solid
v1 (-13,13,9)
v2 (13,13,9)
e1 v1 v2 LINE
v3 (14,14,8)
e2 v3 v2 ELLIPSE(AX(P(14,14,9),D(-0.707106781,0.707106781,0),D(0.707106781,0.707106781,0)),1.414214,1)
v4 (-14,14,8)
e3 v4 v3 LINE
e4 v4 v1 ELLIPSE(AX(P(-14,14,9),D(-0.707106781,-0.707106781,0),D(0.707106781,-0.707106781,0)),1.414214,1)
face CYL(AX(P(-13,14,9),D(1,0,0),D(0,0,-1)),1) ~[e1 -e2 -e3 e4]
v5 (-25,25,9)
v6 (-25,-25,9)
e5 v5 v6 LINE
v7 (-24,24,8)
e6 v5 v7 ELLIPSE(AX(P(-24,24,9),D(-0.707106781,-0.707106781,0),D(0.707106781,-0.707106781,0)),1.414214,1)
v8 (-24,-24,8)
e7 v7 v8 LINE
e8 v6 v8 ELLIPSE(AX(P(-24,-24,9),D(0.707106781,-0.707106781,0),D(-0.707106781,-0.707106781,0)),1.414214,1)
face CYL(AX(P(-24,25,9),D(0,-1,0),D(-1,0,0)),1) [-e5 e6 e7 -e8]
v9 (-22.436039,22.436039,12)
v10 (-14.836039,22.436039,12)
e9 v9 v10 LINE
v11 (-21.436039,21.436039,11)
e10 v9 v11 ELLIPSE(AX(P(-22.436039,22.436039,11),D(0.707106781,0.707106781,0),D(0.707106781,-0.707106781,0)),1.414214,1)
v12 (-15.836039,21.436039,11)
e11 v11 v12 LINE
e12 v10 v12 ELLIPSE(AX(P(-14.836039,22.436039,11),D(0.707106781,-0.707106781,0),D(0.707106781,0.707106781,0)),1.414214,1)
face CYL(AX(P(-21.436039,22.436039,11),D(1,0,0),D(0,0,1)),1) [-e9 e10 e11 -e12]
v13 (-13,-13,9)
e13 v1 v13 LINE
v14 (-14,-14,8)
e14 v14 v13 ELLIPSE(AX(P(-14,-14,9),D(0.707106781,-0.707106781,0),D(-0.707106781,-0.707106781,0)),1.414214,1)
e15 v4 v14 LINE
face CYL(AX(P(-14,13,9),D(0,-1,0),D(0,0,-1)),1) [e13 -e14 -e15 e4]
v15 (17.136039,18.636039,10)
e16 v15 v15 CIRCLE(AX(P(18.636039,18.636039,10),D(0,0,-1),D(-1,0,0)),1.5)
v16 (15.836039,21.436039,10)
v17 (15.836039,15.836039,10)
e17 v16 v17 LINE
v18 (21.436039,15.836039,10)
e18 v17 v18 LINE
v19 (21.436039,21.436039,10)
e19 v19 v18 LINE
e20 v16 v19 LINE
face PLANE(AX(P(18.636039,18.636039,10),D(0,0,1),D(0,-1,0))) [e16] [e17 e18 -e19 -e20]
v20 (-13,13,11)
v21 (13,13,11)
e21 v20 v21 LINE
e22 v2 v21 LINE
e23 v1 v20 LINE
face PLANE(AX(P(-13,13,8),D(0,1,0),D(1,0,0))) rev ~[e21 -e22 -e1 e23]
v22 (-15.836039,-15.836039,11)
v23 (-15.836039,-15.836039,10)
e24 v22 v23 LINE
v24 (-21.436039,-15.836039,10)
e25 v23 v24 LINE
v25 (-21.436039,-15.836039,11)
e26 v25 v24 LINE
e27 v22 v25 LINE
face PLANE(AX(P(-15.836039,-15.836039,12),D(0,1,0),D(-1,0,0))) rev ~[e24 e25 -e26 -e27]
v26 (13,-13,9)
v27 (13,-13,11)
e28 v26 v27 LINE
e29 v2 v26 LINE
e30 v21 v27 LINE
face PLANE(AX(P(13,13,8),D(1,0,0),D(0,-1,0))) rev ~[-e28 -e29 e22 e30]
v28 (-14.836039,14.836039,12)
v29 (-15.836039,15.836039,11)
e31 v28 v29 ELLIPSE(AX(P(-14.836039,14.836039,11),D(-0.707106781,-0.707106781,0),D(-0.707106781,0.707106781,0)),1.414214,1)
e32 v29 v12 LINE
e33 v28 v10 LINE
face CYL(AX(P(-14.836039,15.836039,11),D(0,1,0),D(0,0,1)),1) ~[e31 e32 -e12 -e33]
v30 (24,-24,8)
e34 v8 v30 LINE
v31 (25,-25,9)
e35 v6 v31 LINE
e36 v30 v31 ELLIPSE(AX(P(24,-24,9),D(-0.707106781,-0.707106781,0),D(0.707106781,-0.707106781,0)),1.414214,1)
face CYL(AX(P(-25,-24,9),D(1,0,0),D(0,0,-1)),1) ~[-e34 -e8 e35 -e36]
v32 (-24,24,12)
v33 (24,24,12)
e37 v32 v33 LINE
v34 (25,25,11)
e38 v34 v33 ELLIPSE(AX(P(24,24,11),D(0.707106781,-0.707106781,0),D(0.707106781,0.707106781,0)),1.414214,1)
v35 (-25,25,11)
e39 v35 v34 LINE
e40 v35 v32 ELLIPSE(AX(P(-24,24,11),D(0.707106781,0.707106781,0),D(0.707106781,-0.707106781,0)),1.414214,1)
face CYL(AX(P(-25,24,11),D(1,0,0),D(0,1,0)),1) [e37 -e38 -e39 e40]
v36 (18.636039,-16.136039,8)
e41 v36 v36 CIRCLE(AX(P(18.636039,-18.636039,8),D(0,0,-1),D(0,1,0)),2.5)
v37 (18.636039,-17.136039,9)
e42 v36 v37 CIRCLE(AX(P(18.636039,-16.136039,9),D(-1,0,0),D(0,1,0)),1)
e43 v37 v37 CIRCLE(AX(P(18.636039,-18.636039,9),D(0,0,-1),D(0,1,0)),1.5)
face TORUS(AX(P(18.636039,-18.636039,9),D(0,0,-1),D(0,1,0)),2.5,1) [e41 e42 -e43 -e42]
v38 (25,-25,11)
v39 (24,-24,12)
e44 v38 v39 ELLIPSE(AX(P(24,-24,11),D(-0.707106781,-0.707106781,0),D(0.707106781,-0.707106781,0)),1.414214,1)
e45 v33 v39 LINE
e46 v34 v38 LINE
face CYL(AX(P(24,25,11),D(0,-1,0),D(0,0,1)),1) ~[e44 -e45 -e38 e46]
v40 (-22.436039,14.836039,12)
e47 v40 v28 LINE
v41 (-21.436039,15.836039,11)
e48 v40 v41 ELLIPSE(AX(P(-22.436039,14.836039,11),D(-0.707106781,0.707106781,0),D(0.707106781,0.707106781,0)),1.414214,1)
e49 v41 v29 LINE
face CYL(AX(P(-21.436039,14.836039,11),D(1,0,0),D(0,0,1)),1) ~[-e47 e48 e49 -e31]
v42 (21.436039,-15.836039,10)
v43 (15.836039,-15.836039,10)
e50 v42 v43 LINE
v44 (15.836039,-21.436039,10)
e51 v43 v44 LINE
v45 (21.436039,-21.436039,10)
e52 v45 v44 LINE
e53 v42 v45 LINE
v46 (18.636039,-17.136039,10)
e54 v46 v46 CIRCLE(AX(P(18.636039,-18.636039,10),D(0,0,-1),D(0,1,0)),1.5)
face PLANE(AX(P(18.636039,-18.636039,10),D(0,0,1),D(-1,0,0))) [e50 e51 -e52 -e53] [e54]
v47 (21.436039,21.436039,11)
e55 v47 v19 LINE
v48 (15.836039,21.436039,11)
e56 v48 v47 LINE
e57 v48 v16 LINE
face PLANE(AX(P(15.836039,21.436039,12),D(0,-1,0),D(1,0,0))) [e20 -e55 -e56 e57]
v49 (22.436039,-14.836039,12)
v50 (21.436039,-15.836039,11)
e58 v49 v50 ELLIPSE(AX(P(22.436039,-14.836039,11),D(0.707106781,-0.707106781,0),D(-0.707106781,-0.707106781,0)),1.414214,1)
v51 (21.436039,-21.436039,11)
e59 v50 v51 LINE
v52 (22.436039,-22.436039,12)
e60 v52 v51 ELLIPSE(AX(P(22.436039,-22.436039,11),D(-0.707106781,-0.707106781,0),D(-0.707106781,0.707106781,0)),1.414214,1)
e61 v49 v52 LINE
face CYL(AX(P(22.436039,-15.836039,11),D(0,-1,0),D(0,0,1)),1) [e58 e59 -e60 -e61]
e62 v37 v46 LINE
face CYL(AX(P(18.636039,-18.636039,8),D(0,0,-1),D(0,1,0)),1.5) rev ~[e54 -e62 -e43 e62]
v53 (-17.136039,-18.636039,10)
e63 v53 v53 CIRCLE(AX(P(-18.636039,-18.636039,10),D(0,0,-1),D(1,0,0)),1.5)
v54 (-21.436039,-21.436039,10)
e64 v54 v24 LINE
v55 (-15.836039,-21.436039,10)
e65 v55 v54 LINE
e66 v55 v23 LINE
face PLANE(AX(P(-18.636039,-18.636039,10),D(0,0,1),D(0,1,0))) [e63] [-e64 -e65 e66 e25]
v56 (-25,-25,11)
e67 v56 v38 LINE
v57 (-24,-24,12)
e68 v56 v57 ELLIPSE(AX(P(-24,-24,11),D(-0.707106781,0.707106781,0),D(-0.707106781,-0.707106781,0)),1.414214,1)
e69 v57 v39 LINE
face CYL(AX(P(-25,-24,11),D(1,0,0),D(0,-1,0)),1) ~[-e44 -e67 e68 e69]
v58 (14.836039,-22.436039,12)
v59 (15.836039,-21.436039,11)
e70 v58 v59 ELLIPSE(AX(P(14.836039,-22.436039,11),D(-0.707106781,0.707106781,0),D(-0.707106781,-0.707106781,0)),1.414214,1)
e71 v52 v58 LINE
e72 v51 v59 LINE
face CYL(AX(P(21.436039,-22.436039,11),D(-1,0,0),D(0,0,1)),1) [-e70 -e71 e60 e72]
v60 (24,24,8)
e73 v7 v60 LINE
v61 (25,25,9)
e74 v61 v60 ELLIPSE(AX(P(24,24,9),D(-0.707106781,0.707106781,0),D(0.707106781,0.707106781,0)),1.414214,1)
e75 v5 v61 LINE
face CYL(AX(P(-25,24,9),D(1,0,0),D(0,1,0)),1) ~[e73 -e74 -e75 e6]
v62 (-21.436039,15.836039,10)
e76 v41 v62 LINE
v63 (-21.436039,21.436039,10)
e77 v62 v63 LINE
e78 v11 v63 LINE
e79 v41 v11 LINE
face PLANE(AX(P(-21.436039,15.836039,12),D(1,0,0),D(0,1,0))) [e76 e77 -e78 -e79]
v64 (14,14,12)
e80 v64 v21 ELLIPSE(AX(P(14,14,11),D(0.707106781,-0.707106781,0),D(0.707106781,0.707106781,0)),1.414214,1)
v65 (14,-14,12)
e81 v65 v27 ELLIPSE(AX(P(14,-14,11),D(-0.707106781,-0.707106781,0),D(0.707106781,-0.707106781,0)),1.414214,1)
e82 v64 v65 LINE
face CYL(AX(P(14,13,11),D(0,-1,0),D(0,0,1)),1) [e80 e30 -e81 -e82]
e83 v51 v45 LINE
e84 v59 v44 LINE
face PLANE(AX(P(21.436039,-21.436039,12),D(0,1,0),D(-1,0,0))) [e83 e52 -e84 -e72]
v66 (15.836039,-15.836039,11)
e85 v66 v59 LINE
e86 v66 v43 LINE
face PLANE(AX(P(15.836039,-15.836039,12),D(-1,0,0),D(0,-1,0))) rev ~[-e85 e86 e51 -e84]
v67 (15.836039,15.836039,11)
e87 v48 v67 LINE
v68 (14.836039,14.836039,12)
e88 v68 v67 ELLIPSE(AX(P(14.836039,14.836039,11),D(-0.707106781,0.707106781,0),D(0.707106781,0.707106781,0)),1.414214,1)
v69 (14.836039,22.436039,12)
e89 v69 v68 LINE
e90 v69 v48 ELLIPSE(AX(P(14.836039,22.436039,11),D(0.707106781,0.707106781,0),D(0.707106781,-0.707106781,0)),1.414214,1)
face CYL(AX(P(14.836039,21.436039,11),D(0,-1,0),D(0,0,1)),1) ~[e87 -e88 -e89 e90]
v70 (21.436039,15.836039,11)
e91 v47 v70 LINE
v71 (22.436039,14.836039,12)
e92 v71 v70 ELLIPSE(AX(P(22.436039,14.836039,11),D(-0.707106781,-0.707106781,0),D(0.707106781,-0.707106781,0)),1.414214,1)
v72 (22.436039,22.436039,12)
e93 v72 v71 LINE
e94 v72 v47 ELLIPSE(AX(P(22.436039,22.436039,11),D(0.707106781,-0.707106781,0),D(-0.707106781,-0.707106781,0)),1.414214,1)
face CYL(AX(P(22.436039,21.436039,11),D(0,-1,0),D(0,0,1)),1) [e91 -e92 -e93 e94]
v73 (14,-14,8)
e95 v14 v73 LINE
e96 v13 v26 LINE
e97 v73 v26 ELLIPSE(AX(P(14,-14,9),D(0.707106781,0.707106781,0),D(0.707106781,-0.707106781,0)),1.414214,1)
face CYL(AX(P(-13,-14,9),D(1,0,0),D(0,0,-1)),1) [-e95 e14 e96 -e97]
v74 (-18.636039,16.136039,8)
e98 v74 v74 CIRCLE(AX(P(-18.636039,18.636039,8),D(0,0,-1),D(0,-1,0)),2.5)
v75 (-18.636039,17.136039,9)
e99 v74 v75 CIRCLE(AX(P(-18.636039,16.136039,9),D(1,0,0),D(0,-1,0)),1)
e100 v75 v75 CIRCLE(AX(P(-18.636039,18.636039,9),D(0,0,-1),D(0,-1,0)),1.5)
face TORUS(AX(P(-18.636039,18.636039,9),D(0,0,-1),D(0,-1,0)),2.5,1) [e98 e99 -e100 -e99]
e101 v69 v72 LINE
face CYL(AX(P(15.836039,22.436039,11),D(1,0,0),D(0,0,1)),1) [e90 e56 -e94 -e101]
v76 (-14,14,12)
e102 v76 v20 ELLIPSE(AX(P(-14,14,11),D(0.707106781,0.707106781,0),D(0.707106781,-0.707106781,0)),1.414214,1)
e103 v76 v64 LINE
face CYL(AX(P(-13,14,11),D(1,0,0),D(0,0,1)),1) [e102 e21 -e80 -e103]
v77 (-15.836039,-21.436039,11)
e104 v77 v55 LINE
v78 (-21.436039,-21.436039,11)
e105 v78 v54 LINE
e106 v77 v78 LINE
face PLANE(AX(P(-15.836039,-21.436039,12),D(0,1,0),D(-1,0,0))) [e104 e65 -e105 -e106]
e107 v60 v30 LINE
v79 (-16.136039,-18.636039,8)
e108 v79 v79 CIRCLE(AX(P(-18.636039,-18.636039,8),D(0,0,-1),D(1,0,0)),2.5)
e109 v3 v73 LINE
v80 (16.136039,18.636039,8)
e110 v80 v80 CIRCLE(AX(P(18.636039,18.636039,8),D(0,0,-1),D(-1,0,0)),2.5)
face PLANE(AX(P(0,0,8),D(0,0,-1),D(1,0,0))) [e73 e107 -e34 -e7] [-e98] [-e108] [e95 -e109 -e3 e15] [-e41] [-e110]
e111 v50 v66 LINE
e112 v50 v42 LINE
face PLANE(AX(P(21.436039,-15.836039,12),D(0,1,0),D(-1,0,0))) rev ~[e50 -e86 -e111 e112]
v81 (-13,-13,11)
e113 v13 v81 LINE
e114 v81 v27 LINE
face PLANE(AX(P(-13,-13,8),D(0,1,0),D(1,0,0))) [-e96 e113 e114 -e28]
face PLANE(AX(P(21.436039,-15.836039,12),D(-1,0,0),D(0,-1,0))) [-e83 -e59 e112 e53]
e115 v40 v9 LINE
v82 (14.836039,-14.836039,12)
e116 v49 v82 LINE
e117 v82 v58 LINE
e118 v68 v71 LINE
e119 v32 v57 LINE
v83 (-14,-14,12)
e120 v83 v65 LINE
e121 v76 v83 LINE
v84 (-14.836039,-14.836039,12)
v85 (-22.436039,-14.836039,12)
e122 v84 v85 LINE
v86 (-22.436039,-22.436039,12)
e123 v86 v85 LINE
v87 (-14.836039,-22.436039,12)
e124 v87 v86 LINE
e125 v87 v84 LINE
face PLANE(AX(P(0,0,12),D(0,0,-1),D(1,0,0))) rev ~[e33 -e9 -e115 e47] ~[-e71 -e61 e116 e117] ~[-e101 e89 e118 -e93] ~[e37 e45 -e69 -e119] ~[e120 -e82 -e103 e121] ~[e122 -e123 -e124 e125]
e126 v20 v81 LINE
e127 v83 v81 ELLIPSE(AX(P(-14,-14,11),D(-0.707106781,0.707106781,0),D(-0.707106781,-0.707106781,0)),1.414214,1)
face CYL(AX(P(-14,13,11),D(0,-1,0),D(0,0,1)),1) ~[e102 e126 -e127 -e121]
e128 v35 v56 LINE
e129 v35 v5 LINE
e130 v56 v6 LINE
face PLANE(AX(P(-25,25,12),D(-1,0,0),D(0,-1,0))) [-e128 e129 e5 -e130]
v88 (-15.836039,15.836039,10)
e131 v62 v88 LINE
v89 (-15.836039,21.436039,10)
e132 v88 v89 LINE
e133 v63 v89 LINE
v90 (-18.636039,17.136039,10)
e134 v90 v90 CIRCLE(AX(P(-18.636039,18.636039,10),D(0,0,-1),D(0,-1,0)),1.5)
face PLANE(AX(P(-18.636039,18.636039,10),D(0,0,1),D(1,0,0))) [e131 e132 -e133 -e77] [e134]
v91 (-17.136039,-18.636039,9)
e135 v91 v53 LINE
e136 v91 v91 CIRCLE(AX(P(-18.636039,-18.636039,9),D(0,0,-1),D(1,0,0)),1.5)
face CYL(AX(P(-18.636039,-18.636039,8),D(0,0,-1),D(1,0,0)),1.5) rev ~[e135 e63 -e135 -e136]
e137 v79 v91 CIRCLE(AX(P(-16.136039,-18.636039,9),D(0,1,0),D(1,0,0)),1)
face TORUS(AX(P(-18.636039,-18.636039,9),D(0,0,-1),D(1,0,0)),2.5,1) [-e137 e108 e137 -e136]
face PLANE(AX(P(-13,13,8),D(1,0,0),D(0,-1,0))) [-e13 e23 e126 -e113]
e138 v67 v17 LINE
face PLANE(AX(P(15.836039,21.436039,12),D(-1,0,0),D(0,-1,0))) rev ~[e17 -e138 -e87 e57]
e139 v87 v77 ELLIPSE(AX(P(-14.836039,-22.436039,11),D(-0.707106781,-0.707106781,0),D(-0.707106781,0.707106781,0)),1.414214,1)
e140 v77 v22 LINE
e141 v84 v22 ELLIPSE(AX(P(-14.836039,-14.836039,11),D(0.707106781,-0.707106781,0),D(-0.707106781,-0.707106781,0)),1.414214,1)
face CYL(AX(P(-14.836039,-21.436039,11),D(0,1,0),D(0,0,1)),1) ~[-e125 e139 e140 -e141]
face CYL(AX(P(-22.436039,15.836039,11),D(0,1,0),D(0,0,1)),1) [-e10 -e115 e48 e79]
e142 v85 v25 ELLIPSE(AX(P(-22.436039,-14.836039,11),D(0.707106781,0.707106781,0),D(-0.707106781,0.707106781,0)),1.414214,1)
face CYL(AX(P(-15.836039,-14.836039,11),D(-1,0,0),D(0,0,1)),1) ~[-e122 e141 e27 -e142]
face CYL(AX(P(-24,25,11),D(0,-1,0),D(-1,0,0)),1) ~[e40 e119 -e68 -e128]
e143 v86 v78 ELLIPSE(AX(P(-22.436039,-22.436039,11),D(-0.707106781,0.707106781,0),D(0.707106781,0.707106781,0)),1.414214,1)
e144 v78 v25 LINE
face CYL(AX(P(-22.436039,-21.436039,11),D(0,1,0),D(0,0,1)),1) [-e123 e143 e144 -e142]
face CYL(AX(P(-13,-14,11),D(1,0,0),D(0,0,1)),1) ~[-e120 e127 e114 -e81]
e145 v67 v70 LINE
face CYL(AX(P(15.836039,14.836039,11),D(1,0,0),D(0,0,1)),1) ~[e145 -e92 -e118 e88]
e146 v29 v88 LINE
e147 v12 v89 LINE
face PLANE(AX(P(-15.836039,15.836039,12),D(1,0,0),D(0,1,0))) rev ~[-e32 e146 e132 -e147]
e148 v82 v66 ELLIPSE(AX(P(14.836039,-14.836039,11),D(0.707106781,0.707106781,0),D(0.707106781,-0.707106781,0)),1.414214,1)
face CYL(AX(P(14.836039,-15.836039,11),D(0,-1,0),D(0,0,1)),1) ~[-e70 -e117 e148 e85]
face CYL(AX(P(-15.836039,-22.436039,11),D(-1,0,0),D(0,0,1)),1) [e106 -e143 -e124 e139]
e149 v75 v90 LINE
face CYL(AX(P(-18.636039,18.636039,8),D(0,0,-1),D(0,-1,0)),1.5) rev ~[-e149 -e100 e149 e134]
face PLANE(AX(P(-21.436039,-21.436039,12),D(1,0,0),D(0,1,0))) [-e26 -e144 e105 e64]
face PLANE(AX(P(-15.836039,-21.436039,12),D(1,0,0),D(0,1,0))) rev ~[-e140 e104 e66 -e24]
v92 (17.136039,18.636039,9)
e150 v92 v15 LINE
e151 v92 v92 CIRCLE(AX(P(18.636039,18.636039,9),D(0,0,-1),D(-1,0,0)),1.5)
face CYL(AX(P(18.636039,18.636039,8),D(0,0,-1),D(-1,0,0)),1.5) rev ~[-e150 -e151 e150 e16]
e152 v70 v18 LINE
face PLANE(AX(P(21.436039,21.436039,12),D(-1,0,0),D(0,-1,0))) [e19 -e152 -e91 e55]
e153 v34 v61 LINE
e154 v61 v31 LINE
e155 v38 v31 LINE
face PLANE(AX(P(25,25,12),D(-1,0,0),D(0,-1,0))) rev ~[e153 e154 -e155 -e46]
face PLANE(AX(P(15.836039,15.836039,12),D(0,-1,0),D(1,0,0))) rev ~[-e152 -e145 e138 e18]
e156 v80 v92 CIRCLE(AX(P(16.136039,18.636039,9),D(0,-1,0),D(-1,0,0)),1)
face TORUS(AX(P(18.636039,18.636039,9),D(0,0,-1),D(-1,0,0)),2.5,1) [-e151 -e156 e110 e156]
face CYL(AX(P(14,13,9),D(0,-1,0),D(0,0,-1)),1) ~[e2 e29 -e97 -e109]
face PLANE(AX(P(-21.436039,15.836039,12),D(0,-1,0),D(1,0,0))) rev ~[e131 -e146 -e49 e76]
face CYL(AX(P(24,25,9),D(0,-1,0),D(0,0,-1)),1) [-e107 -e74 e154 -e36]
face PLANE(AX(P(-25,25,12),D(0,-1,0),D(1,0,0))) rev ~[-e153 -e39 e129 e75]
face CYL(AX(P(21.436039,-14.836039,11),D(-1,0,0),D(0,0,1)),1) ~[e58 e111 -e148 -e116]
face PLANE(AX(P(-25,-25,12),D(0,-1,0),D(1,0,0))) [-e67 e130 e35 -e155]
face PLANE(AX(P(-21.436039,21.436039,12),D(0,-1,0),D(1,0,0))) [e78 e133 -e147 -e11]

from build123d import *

# Parameters (mm, degrees)
SKETCH004_W             = 50
SKETCH004_H             = 50
PAD002_DEPTH            = 4
SKETCH005_W             = 26
SKETCH005_H             = 26
POCKET_DEPTH            = 10
SKETCH006_R             = 1.5
HOLE002_DEPTH           = 5
POLARPATTERN001_COUNT   = 4
SKETCH007_W             = 5.6
SKETCH007_H             = 5.6
POCKET001_DEPTH         = 2
POLARPATTERN002_COUNT   = 4
FILLET013_R             = 1
FILLET014_R             = 1
BODY001_PLACEMENT_ANGLE = 180


with BuildPart() as part:
    # Sketch004 → Pad002 (new body)
    with BuildSketch(Plane.XY):
        Rectangle(SKETCH004_W, SKETCH004_H)
    extrude(amount=PAD002_DEPTH)

    # Sketch005 (on Face6 of Pad002) → Pocket (cut)
    with BuildSketch(Plane.XY.offset(4)):
        Rectangle(SKETCH005_W, SKETCH005_H)
    extrude(amount=-POCKET_DEPTH, mode=Mode.SUBTRACT)

    # Sketch006 (on Face5 of Pocket) → Hole002 (cut)
    with BuildSketch(Plane.XY.offset(4)):
        with Locations((-18.636039, 18.636039)):
            Circle(SKETCH006_R)
    hole002 = extrude(amount=-HOLE002_DEPTH, mode=Mode.SUBTRACT)

    # PolarPattern001: Hole002 ×4 about axis
    polarpattern001_axis = Axis((0, 0, 4), (0, 0, 1))
    for i in range(1, POLARPATTERN001_COUNT):
        add(hole002.rotate(polarpattern001_axis, i * 360 / POLARPATTERN001_COUNT), mode=Mode.SUBTRACT)

    # Sketch007 (on Face4 of PolarPattern001) → Pocket001 (cut)
    with BuildSketch(Plane(origin=(0, 0, 0), x_dir=(1, 0, 0), z_dir=(0, 0, -1))):
        with Locations((-18.636039, 18.636039)):
            Rectangle(SKETCH007_W, SKETCH007_H)
    pocket001 = extrude(amount=-POCKET001_DEPTH, mode=Mode.SUBTRACT)

    # PolarPattern002: Pocket001 ×4 about axis
    polarpattern002_axis = Axis((0, 0, 0), (0, 0, -1))
    for i in range(1, POLARPATTERN002_COUNT):
        add(pocket001.rotate(polarpattern002_axis, i * 360 / POLARPATTERN002_COUNT), mode=Mode.SUBTRACT)

    # Fillet013
    fillet013_edges = [part.edges().sort_by_distance(p)[0] for p in [
        (-25, 0, 0),
        (0, -25, 0),
        (0, 25, 0),
        (25, 0, 0),
        (-18.636039, -21.436039, 0),
        (-15.836039, -18.636039, 0),
        (-21.436039, -18.636039, 0),
        (-18.636039, -15.836039, 0),
        (21.436039, -18.636039, 0),
        (18.636039, -15.836039, 0),
        (15.836039, -18.636039, 0),
        (18.636039, -21.436039, 0),
        (0, -13, 0),
        (13, 0, 0),
        (-13, 0, 0),
        (0, 13, 0),
        (-21.436039, 18.636039, 0),
        (-18.636039, 15.836039, 0),
        (-15.836039, 18.636039, 0),
        (-18.636039, 21.436039, 0),
        (18.636039, 21.436039, 0),
        (15.836039, 18.636039, 0),
        (18.636039, 15.836039, 0),
        (21.436039, 18.636039, 0),
    ]]
    fillet(fillet013_edges, radius=FILLET013_R)

    # Fillet014
    fillet014_edges = [part.edges().sort_by_distance(p)[0] for p in [
        (-25, 0, 4),
        (0, -25, 4),
        (0, 25, 4),
        (25, 0, 4),
        (-18.636039, -20.136039, 4),
        (20.136039, -18.636039, 4),
        (-20.136039, 18.636039, 4),
        (0, -13, 4),
        (13, 0, 4),
        (-13, 0, 4),
        (0, 13, 4),
        (18.636039, 20.136039, 4),
    ]]
    fillet(fillet014_edges, radius=FILLET014_R)


with BuildPart() as part_1:
    # Body001 placement: moved
    add(part.part.moved(Location((0, 0, 12))).rotate(Axis((0, 0, 12), (1, 0, 0)), BODY001_PLACEMENT_ANGLE))


solid = part_1.part
